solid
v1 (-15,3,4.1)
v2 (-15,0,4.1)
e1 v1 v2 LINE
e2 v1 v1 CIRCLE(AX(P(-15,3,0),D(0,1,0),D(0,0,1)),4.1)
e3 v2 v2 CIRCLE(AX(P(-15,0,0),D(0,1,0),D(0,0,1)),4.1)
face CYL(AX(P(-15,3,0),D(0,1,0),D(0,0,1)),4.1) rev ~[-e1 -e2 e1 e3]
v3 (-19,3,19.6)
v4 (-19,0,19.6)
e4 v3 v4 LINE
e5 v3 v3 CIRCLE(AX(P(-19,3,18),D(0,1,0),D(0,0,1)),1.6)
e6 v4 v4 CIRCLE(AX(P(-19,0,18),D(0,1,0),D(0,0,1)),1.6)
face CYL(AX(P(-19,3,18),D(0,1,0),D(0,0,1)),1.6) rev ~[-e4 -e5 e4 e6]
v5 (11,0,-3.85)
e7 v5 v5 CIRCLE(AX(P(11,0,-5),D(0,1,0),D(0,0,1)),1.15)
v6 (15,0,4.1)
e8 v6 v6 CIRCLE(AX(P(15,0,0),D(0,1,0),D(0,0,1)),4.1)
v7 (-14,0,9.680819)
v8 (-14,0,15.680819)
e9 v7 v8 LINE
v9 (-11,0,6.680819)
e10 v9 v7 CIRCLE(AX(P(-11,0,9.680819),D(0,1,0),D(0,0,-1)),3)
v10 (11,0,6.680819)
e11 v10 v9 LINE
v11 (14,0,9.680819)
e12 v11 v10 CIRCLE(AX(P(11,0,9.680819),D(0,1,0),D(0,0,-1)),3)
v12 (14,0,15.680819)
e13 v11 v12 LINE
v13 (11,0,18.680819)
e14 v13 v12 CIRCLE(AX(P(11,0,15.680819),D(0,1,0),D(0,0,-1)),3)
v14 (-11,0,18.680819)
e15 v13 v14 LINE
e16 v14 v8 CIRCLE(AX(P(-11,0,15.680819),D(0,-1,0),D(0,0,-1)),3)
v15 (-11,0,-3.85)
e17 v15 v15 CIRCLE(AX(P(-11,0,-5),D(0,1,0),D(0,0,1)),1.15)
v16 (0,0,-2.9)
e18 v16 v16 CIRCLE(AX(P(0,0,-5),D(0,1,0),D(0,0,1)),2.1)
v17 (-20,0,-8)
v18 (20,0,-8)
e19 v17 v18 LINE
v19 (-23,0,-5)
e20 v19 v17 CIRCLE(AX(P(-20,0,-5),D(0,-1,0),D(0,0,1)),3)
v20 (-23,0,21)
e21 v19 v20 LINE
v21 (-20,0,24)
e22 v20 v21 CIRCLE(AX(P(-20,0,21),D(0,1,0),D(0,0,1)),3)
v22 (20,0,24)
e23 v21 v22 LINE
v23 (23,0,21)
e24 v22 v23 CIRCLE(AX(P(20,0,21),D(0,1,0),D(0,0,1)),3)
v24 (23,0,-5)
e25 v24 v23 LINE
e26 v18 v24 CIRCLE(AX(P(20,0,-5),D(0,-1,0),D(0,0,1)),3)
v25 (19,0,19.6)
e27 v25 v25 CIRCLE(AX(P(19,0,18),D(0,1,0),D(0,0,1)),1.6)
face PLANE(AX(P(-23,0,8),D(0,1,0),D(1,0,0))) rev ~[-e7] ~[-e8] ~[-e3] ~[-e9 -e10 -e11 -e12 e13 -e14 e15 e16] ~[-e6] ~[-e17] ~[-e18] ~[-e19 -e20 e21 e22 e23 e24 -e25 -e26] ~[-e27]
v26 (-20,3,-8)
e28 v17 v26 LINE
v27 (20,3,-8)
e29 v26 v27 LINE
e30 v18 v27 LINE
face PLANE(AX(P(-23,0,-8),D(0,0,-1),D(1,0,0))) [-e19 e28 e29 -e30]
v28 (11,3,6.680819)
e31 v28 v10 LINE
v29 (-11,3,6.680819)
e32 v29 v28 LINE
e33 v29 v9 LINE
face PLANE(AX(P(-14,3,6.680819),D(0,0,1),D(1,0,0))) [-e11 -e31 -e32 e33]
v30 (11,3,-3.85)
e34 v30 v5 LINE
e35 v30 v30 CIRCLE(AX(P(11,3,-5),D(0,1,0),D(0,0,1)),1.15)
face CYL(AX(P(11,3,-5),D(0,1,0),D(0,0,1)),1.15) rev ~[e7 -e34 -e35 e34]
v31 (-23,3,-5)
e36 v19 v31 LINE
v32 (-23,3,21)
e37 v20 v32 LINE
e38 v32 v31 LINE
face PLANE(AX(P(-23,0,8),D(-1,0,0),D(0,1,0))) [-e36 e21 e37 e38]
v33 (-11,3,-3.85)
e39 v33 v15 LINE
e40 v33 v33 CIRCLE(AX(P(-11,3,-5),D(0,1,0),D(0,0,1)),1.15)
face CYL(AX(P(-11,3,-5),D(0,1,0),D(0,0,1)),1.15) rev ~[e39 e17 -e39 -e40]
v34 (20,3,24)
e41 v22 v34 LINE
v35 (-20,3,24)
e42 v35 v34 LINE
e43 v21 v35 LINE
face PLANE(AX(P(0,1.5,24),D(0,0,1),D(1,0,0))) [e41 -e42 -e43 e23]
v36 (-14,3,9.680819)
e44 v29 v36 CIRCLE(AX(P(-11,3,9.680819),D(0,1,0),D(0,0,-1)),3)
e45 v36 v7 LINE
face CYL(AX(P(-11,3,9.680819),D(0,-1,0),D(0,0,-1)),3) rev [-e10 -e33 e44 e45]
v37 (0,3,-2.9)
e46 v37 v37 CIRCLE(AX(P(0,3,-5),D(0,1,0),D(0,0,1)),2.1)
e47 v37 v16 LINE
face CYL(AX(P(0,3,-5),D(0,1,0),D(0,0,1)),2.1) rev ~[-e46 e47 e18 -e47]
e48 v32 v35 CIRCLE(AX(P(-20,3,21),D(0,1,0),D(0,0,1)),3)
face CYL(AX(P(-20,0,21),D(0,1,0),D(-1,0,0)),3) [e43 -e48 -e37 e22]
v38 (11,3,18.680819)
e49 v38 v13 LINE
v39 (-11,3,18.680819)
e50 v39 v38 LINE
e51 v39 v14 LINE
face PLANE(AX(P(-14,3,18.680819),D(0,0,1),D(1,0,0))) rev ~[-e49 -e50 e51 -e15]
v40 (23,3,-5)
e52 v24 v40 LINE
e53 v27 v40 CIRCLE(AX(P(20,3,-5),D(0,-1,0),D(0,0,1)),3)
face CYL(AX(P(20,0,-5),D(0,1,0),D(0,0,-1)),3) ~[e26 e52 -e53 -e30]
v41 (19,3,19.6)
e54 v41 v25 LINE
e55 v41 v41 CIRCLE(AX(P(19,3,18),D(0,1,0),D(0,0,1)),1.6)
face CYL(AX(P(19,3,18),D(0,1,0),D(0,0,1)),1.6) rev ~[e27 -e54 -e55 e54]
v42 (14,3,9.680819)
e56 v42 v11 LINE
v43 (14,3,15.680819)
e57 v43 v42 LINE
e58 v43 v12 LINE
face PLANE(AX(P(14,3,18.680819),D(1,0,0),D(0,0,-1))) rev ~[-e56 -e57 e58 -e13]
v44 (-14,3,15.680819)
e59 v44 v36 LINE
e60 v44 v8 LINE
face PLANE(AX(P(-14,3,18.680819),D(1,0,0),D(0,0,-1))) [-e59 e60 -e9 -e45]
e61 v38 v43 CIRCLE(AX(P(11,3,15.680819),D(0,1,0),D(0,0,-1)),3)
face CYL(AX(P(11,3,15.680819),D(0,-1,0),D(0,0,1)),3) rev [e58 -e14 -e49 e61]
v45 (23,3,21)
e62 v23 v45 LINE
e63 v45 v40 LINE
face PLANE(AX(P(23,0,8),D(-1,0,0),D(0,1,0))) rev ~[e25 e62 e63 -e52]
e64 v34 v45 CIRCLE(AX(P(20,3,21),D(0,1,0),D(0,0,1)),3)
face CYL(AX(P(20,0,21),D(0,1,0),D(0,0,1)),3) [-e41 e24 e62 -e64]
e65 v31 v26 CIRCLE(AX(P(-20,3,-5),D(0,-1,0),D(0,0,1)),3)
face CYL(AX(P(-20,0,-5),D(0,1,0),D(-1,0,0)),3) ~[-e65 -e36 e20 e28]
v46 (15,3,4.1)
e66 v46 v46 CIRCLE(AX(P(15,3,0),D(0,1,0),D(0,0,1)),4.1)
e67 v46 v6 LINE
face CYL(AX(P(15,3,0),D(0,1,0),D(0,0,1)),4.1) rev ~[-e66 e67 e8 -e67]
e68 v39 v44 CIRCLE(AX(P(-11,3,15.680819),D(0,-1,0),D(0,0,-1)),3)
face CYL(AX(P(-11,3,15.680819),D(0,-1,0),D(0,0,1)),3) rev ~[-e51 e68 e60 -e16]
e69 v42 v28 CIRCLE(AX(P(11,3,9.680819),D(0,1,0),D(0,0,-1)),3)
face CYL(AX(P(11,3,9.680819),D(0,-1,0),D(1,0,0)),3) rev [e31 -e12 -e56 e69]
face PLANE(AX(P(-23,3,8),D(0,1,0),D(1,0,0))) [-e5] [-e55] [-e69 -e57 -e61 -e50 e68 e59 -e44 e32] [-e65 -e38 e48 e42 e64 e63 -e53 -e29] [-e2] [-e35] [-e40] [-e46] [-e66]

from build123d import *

# Parameters (mm, degrees)
SKETCH_4_W          = 46
SKETCH_4_H          = 16
EXTRUDE_3_DEPTH     = 3
CUT_EXTRUDE_1_REACH = 26.536
SKETCH_5_R          = 4.1
SKETCH_6_W          = 46
SKETCH_6_H          = 3
EXTRUDE_4_DEPTH     = 16
CUT_EXTRUDE_2_REACH = 35.377
SKETCH_9_R          = 1.6
CUT_EXTRUDE_4_REACH = 35.377
SKETCH_11_R         = 1.15
SKETCH_11_R_2       = 2.1
CUT_EXTRUDE_5_REACH = 35.377
SKETCH_12_W         = 28
SKETCH_12_H         = 12
FILLET_3_R          = 3


with BuildPart() as part:
    # 草图4 → 凸台-拉伸3 (new body)
    with BuildSketch(Plane(origin=(0, 0, 0), x_dir=(1, 0, 0), z_dir=(0, 1, 0))):
        Rectangle(SKETCH_4_W, SKETCH_4_H)
    extrude(amount=EXTRUDE_3_DEPTH)

    # 草图5 → 切除-拉伸1 (cut, up to next)
    with BuildSketch(Plane(origin=(0, 3, 0), x_dir=(1, 0, 0), z_dir=(0, 1, 0)), mode=Mode.PRIVATE) as cut_extrude_1_sk1:
        with Locations(Location((-15, 0, 0), (0, 0, 270))):
            Circle(SKETCH_5_R)
    cut_extrude_1_tool1 = extrude(cut_extrude_1_sk1.sketch, amount=-CUT_EXTRUDE_1_REACH, mode=Mode.PRIVATE) & part.part
    # 草图5 → 切除-拉伸1 (cut, up to next)
    with BuildSketch(Plane(origin=(0, 3, 0), x_dir=(1, 0, 0), z_dir=(0, 1, 0)), mode=Mode.PRIVATE) as cut_extrude_1_sk2:
        with Locations(Location((15, 0, 0), (0, 0, 270))):
            Circle(SKETCH_5_R)
    cut_extrude_1_tool2 = extrude(cut_extrude_1_sk2.sketch, amount=-CUT_EXTRUDE_1_REACH, mode=Mode.PRIVATE) & part.part
    add(cut_extrude_1_tool1.solids().sort_by_distance((-15, 3, 0))[0], mode=Mode.SUBTRACT)
    add(cut_extrude_1_tool2.solids().sort_by_distance((15, 3, 0))[0], mode=Mode.SUBTRACT)

    # 草图6 → 凸台-拉伸4 (add)
    with BuildSketch(Plane.XY.offset(8)):
        with Locations((0, 1.5)):
            Rectangle(SKETCH_6_W, SKETCH_6_H)
    extrude(amount=EXTRUDE_4_DEPTH)

    # 草图9 → 切除-拉伸2 (cut, up to next)
    with BuildSketch(Plane(origin=(0, 3, 0), x_dir=(1, 0, 0), z_dir=(0, 1, 0)), mode=Mode.PRIVATE) as cut_extrude_2_sk1:
        with Locations(Location((-19, -18, 0), (0, 0, 270))):
            Circle(SKETCH_9_R)
    cut_extrude_2_tool1 = extrude(cut_extrude_2_sk1.sketch, amount=-CUT_EXTRUDE_2_REACH, mode=Mode.PRIVATE) & part.part
    # 草图9 → 切除-拉伸2 (cut, up to next)
    with BuildSketch(Plane(origin=(0, 3, 0), x_dir=(1, 0, 0), z_dir=(0, 1, 0)), mode=Mode.PRIVATE) as cut_extrude_2_sk2:
        with Locations(Location((19, -18, 0), (0, 0, 270))):
            Circle(SKETCH_9_R)
    cut_extrude_2_tool2 = extrude(cut_extrude_2_sk2.sketch, amount=-CUT_EXTRUDE_2_REACH, mode=Mode.PRIVATE) & part.part
    add(cut_extrude_2_tool1.solids().sort_by_distance((-19, 3, 18))[0], mode=Mode.SUBTRACT)
    add(cut_extrude_2_tool2.solids().sort_by_distance((19, 3, 18))[0], mode=Mode.SUBTRACT)

    # 草图11 → 切除-拉伸4 (cut, up to next)
    with BuildSketch(Plane(origin=(0, 3, 0), x_dir=(1, 0, 0), z_dir=(0, 1, 0)), mode=Mode.PRIVATE) as cut_extrude_4_sk1:
        with Locations(Location((-11, 5, 0), (0, 0, 270))):
            Circle(SKETCH_11_R)
    cut_extrude_4_tool1 = extrude(cut_extrude_4_sk1.sketch, amount=-CUT_EXTRUDE_4_REACH, mode=Mode.PRIVATE) & part.part
    # 草图11 → 切除-拉伸4 (cut, up to next)
    with BuildSketch(Plane(origin=(0, 3, 0), x_dir=(1, 0, 0), z_dir=(0, 1, 0)), mode=Mode.PRIVATE) as cut_extrude_4_sk2:
        with Locations(Location((11, 5, 0), (0, 0, 270))):
            Circle(SKETCH_11_R)
    cut_extrude_4_tool2 = extrude(cut_extrude_4_sk2.sketch, amount=-CUT_EXTRUDE_4_REACH, mode=Mode.PRIVATE) & part.part
    # 草图11 → 切除-拉伸4 (cut, up to next)
    with BuildSketch(Plane(origin=(0, 3, 0), x_dir=(1, 0, 0), z_dir=(0, 1, 0)), mode=Mode.PRIVATE) as cut_extrude_4_sk3:
        with Locations(Location((0, 5, 0), (0, 0, 270))):
            Circle(SKETCH_11_R_2)
    cut_extrude_4_tool3 = extrude(cut_extrude_4_sk3.sketch, amount=-CUT_EXTRUDE_4_REACH, mode=Mode.PRIVATE) & part.part
    add(cut_extrude_4_tool1.solids().sort_by_distance((-11, 3, -5))[0], mode=Mode.SUBTRACT)
    add(cut_extrude_4_tool2.solids().sort_by_distance((11, 3, -5))[0], mode=Mode.SUBTRACT)
    add(cut_extrude_4_tool3.solids().sort_by_distance((0, 3, -5))[0], mode=Mode.SUBTRACT)

    # 草图12 → 切除-拉伸5 (cut, up to next)
    with BuildSketch(Plane(origin=(0, 3, 0), x_dir=(1, 0, 0), z_dir=(0, 1, 0)), mode=Mode.PRIVATE) as cut_extrude_5_sk1:
        with Locations((0, -12.680818863)):
            Rectangle(SKETCH_12_W, SKETCH_12_H)
    cut_extrude_5_tool1 = extrude(cut_extrude_5_sk1.sketch, amount=-CUT_EXTRUDE_5_REACH, mode=Mode.PRIVATE) & part.part
    add(cut_extrude_5_tool1.solids().sort_by_distance((0, 3, 12.680819))[0], mode=Mode.SUBTRACT)

    # 圆角3
    fillet_3_edges = [part.edges().sort_by_distance(p)[0] for p in [
        (-23, 1.5, 24),
        (23, 1.5, 24),
        (14, 1.5, 6.680818863),
        (14, 1.5, 18.680818863),
        (-14, 1.5, 18.680818863),
        (-14, 1.5, 6.680818863),
        (-23, 1.5, -8),
        (23, 1.5, -8),
    ]]
    fillet(fillet_3_edges, radius=FILLET_3_R)


solid = part.part
